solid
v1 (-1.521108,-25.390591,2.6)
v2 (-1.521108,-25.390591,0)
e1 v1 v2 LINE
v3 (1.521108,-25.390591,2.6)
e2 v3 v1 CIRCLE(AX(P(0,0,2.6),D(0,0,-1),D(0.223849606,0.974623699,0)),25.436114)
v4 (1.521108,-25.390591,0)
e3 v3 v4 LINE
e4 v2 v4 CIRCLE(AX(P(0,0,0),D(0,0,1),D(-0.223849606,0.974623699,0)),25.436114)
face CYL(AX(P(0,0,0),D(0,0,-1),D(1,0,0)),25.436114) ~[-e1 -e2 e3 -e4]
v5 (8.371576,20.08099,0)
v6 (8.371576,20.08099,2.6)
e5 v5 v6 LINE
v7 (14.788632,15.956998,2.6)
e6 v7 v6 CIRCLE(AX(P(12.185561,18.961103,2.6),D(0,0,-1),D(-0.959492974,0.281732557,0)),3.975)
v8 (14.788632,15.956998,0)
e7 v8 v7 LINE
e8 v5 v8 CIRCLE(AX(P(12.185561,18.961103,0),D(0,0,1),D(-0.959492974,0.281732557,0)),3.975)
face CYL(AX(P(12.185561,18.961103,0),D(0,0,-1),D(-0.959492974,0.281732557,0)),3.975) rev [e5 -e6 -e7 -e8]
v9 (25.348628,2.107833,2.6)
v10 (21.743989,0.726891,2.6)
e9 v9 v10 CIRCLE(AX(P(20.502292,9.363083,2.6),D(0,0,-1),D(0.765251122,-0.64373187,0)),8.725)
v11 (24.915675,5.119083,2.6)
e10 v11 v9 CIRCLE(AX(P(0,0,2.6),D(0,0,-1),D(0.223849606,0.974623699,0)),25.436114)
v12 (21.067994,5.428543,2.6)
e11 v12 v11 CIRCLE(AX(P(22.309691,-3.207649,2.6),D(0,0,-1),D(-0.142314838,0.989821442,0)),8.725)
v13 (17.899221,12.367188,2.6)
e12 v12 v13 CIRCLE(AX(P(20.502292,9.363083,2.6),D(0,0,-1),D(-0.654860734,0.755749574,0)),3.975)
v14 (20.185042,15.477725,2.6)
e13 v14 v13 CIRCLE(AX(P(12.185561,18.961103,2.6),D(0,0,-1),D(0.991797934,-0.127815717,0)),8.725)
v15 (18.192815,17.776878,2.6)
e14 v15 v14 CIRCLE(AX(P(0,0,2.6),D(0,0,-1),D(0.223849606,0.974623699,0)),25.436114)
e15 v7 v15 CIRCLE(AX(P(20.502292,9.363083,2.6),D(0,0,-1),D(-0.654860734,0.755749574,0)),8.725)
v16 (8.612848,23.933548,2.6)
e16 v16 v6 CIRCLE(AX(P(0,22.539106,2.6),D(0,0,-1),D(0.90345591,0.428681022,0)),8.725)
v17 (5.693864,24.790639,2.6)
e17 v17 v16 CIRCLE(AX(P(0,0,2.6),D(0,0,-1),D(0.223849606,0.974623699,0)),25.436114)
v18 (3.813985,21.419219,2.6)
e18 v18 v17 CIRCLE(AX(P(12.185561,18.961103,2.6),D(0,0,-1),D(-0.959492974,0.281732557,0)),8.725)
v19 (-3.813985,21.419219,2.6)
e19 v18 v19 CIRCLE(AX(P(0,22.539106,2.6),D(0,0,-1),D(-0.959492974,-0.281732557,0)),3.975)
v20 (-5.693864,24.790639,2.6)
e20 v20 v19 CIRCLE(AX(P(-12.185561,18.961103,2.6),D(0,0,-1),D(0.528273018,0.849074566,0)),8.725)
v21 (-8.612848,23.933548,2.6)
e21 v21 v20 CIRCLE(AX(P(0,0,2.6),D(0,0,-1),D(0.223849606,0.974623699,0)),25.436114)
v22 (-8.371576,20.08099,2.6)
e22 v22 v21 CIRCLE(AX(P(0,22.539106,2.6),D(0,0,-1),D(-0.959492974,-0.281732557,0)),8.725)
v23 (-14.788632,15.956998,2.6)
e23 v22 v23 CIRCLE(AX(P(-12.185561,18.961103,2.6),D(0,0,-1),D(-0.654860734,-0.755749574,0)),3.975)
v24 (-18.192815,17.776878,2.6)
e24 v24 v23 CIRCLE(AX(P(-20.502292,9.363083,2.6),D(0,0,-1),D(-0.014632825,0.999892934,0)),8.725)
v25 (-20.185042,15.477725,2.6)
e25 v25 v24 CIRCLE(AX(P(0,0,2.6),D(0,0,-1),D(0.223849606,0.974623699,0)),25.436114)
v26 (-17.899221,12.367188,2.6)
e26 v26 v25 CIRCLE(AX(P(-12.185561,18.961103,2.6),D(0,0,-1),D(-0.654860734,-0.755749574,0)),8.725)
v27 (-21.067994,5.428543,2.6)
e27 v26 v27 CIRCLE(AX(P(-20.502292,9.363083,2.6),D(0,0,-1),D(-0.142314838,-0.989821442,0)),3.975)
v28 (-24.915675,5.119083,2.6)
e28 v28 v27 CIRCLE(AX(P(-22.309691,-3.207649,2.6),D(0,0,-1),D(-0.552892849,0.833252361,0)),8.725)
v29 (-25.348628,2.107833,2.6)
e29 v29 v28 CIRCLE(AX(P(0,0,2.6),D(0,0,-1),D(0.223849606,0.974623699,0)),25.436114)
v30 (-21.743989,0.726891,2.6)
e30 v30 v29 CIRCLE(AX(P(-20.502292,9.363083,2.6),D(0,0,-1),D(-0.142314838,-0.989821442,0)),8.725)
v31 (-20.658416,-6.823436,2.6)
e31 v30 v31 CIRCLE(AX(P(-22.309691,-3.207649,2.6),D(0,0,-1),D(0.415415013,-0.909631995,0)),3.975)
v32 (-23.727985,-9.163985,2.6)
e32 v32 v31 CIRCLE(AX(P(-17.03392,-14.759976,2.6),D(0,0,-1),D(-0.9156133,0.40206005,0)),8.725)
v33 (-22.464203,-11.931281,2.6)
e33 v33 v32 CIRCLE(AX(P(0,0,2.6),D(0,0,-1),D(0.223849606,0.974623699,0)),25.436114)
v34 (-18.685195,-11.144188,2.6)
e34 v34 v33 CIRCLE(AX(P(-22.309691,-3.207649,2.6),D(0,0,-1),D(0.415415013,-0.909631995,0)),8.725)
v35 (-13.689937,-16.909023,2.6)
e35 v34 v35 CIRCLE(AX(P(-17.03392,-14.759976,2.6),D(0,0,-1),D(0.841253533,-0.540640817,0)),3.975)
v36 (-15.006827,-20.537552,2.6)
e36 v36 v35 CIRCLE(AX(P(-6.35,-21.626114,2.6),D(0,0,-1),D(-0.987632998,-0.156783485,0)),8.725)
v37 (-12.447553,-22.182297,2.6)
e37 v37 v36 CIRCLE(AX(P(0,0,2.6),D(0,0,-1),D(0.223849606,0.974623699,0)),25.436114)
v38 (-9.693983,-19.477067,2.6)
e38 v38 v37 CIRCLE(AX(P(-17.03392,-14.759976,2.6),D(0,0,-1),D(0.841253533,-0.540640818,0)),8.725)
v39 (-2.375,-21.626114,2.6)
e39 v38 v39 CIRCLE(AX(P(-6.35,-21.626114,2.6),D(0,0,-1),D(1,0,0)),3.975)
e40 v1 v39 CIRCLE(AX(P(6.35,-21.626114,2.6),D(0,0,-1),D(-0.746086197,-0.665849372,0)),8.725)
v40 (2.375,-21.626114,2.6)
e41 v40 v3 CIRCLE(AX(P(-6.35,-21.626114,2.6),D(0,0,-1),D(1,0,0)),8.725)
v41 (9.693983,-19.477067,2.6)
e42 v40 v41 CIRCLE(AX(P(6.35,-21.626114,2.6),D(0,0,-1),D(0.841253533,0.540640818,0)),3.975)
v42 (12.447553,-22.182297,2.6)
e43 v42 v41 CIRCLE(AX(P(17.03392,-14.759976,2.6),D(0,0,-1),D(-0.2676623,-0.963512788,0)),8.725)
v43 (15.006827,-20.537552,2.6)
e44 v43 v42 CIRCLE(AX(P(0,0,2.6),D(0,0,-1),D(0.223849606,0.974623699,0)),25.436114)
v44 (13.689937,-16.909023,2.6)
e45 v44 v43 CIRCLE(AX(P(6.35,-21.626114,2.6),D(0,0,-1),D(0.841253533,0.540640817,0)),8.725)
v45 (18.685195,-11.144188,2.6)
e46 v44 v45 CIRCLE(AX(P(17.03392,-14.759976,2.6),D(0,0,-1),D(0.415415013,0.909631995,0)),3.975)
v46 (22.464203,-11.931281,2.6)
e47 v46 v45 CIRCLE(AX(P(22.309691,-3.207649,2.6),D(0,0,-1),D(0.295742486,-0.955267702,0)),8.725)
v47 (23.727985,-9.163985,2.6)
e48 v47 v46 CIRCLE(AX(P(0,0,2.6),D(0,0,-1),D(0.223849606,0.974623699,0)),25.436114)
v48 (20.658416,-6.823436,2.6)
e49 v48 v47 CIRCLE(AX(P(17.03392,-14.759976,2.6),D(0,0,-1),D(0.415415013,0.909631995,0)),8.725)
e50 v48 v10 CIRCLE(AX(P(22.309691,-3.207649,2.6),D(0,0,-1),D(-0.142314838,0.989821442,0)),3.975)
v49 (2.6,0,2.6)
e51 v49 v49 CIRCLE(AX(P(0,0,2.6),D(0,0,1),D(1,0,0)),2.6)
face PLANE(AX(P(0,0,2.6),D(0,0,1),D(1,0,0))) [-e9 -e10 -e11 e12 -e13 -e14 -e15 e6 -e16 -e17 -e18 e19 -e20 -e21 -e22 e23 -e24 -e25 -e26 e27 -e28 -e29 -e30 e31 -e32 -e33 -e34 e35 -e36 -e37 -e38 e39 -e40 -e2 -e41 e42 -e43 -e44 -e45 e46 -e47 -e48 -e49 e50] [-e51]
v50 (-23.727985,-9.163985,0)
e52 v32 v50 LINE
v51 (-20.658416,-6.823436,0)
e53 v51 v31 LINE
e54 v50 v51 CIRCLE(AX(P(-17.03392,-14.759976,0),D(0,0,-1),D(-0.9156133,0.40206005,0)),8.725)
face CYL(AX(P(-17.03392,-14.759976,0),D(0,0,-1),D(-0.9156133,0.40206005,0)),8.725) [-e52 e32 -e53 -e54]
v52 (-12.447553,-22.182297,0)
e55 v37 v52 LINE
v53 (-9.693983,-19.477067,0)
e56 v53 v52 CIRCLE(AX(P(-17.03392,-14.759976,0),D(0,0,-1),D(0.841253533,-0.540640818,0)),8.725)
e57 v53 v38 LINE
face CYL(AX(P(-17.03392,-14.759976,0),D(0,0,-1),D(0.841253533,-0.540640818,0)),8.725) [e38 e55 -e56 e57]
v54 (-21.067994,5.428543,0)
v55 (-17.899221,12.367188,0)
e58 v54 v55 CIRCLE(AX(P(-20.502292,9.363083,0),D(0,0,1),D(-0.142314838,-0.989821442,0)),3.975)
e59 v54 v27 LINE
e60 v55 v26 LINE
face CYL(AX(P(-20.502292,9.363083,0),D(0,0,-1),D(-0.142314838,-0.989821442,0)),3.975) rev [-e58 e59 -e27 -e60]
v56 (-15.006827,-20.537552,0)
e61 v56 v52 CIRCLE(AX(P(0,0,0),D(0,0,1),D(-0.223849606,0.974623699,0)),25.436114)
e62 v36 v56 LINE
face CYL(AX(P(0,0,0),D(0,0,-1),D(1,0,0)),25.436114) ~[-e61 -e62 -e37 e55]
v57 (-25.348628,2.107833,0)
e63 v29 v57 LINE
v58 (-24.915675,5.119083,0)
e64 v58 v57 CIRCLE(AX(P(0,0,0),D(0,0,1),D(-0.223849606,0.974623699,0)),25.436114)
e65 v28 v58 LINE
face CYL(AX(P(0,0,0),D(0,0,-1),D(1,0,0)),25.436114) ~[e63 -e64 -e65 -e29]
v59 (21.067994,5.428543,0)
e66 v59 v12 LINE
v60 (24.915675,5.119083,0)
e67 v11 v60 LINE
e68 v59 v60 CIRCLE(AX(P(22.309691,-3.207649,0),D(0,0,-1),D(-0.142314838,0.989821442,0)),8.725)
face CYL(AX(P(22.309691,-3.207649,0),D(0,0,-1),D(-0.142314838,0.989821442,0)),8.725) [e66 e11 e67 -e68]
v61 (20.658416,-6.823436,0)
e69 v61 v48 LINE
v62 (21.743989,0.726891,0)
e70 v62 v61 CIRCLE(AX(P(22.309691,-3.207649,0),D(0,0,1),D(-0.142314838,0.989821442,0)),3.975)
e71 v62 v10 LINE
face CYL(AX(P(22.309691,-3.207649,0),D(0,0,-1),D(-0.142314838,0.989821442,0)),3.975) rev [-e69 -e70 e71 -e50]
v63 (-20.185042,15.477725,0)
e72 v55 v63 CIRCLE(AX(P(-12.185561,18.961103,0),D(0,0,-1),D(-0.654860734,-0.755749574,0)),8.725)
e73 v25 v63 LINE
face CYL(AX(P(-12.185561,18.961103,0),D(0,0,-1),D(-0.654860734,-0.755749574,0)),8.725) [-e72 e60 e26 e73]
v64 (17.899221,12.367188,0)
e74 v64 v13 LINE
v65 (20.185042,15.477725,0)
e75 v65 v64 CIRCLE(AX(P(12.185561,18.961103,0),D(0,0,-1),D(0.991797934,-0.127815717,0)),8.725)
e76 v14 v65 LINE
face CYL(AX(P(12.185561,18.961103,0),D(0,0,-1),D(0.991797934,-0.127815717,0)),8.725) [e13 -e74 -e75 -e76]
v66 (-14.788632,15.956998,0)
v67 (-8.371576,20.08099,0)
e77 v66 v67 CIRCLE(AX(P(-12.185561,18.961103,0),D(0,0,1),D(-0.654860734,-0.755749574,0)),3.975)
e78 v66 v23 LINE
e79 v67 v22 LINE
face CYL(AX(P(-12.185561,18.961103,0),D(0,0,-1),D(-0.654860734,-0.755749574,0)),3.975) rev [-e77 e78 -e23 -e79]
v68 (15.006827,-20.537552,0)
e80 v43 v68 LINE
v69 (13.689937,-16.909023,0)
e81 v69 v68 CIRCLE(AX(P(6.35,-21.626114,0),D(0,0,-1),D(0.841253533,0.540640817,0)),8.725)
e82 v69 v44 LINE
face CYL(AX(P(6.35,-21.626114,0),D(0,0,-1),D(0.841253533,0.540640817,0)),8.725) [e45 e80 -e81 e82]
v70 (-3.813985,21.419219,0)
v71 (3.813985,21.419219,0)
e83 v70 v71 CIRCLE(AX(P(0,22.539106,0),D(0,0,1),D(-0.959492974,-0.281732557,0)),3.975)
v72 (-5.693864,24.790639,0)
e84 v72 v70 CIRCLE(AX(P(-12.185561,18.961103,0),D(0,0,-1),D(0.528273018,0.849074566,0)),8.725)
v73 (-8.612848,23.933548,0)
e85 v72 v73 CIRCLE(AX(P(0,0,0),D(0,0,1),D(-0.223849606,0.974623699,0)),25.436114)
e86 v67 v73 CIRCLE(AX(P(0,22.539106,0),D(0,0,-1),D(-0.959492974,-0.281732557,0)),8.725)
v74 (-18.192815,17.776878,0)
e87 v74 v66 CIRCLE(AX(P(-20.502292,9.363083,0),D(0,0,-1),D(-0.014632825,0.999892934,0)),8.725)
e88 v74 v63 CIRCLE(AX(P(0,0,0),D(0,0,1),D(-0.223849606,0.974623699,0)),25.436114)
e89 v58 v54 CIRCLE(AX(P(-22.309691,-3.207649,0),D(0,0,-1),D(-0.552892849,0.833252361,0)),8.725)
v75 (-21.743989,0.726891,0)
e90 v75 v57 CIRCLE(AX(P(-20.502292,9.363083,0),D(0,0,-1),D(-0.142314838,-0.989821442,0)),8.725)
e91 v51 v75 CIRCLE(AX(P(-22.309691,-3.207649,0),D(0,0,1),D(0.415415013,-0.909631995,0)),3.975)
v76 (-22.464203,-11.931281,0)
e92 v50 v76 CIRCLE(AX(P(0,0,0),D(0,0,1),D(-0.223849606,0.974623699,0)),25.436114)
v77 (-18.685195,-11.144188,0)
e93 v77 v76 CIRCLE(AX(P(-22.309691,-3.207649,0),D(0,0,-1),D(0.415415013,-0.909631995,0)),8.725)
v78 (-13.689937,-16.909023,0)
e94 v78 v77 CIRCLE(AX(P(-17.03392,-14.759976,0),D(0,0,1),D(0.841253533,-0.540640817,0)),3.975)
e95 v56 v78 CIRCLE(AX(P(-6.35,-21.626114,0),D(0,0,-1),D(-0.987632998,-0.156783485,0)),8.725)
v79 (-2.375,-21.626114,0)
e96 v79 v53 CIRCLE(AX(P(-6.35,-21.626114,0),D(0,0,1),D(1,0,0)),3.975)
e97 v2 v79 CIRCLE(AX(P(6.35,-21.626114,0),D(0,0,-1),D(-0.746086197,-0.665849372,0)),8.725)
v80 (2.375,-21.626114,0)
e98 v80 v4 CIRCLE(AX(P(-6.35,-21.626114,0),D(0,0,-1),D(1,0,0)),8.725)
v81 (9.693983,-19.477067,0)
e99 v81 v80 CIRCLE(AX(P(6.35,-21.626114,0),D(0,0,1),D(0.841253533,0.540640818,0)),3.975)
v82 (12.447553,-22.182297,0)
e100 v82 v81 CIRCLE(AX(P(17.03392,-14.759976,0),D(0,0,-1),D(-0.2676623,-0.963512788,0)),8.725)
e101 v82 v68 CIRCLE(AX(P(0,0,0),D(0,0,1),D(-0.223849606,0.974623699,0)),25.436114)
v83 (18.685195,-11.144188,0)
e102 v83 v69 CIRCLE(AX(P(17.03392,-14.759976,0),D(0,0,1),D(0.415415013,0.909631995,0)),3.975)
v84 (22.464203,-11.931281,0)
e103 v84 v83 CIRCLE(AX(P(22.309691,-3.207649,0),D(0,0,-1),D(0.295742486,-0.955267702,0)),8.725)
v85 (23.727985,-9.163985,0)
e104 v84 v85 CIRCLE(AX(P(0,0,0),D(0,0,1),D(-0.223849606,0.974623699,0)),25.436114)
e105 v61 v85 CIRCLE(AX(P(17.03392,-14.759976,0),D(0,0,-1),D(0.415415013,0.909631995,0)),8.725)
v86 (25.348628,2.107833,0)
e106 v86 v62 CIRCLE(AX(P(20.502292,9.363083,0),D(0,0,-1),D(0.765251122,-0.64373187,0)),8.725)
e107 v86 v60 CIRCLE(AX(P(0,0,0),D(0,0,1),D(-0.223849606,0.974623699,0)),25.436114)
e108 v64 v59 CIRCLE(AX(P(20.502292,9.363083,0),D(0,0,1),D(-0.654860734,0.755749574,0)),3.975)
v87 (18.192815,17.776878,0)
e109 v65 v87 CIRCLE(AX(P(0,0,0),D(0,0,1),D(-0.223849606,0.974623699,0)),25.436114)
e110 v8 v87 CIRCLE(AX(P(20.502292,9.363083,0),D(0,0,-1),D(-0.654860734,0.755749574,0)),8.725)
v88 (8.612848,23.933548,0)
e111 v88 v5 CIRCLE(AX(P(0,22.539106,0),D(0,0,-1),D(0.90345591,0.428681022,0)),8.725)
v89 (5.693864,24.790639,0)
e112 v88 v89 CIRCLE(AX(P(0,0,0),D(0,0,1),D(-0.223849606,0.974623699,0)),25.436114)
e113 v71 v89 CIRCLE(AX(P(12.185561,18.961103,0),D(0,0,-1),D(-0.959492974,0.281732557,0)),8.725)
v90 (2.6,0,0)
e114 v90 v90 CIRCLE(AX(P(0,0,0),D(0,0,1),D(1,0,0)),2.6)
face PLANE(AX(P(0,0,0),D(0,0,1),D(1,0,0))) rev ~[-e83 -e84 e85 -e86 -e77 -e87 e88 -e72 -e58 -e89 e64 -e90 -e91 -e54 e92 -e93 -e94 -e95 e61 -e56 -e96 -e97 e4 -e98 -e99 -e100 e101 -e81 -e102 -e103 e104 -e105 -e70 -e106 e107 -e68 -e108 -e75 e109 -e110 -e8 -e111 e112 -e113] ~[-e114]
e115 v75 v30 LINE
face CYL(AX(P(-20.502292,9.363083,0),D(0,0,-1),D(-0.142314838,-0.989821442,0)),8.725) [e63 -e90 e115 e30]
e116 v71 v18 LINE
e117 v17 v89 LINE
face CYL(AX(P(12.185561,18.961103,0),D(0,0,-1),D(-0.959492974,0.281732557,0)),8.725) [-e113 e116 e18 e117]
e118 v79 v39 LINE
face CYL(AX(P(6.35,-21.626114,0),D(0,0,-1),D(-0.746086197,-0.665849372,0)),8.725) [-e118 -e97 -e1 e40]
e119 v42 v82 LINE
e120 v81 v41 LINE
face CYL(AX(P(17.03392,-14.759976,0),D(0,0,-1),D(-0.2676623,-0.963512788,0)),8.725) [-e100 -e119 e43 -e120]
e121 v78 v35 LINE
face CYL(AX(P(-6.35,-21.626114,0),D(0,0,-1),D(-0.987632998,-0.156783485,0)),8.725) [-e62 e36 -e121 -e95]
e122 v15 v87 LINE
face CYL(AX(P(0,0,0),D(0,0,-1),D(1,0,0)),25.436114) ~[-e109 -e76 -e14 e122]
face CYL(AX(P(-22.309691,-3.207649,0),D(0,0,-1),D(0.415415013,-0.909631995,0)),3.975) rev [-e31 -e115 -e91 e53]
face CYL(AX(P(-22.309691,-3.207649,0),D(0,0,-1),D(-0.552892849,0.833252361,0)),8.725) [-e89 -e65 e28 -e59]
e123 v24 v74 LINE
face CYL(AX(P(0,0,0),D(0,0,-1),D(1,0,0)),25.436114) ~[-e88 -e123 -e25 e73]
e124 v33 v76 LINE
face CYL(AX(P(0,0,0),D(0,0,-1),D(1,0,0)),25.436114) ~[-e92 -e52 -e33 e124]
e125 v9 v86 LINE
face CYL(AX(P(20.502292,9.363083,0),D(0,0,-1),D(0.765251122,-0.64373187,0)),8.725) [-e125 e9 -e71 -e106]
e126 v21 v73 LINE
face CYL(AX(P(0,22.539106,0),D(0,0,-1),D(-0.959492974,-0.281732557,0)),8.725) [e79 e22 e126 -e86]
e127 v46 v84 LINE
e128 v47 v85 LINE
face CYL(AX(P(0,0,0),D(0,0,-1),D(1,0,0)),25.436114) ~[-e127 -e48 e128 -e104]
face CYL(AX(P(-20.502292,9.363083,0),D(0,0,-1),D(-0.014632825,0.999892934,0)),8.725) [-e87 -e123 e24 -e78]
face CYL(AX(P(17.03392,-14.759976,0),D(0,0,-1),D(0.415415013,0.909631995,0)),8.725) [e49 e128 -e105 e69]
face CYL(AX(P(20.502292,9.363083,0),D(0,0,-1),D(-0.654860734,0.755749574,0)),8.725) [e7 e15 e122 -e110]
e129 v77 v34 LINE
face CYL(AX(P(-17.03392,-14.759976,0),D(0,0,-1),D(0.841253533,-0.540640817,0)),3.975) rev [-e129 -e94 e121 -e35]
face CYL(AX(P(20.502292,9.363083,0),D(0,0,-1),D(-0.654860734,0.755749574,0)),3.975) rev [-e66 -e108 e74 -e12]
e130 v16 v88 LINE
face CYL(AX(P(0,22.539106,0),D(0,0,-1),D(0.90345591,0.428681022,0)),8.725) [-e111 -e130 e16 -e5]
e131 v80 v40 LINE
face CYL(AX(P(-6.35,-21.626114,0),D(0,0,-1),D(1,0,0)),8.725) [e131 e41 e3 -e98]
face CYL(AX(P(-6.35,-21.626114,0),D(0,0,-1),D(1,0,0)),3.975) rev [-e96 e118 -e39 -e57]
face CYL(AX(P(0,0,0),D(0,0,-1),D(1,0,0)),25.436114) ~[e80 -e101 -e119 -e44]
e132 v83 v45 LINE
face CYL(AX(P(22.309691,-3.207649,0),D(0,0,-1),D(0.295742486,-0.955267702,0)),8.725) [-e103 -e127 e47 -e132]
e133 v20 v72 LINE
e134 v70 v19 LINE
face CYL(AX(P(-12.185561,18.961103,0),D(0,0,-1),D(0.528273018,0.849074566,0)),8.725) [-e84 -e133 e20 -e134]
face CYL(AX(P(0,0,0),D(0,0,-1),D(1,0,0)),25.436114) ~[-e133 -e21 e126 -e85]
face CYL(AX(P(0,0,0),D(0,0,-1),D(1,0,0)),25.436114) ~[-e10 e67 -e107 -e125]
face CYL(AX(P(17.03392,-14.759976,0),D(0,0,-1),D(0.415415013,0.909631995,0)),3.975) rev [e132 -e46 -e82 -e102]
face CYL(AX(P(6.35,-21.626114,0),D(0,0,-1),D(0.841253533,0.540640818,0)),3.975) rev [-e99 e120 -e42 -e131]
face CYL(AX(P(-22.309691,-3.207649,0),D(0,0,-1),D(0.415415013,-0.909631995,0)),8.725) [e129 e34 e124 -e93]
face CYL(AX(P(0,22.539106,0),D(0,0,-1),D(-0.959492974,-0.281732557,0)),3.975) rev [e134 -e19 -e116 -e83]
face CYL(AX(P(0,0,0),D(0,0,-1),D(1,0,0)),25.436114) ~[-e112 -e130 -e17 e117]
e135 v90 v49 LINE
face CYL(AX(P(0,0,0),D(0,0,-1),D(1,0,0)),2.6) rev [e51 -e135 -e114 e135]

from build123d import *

# Parameters (mm, degrees)
SK_DISCO_R           = 25.436113967
SK_DISCO_R_2         = 2.6
DISCO_DEPTH          = 2.6
HUECO_DIENTE_DEPTH   = 37.065936664
MATRIZ_DIENTES_COUNT = 11


with BuildPart() as part:
    # Sk_Disco → Disco (new body)
    with BuildSketch(Plane.XY):
        Circle(SK_DISCO_R)
        Circle(SK_DISCO_R_2, mode=Mode.SUBTRACT)
    extrude(amount=DISCO_DEPTH)

    # Sk_Hueco → Hueco_diente (cut, through all)
    with BuildSketch(Plane.XY):
        with BuildLine():
            ThreePointArc((-3.81398457, 21.41921922), (0, 18.564106134), (3.81398457, 21.41921922))
            ThreePointArc((3.81398457, 21.41921922), (5.23928173, 24.240764826), (7.576378688, 26.369278253))
            ThreePointArc((7.576378688, 26.369278253), (0, 27.436113967), (-7.576378688, 26.369278253))
            ThreePointArc((-7.576378688, 26.369278253), (-5.23928173, 24.240764826), (-3.81398457, 21.41921922))
        make_face()
    hueco_diente = extrude(amount=HUECO_DIENTE_DEPTH, mode=Mode.SUBTRACT)

    # Matriz_dientes: Hueco_diente ×11 about axis
    matriz_dientes_axis = Axis((0, 0, -0.13), (0, 0, 1))
    for i in range(1, MATRIZ_DIENTES_COUNT):
        add(hueco_diente.rotate(matriz_dientes_axis, i * 360 / MATRIZ_DIENTES_COUNT), mode=Mode.SUBTRACT)


solid = part.part
